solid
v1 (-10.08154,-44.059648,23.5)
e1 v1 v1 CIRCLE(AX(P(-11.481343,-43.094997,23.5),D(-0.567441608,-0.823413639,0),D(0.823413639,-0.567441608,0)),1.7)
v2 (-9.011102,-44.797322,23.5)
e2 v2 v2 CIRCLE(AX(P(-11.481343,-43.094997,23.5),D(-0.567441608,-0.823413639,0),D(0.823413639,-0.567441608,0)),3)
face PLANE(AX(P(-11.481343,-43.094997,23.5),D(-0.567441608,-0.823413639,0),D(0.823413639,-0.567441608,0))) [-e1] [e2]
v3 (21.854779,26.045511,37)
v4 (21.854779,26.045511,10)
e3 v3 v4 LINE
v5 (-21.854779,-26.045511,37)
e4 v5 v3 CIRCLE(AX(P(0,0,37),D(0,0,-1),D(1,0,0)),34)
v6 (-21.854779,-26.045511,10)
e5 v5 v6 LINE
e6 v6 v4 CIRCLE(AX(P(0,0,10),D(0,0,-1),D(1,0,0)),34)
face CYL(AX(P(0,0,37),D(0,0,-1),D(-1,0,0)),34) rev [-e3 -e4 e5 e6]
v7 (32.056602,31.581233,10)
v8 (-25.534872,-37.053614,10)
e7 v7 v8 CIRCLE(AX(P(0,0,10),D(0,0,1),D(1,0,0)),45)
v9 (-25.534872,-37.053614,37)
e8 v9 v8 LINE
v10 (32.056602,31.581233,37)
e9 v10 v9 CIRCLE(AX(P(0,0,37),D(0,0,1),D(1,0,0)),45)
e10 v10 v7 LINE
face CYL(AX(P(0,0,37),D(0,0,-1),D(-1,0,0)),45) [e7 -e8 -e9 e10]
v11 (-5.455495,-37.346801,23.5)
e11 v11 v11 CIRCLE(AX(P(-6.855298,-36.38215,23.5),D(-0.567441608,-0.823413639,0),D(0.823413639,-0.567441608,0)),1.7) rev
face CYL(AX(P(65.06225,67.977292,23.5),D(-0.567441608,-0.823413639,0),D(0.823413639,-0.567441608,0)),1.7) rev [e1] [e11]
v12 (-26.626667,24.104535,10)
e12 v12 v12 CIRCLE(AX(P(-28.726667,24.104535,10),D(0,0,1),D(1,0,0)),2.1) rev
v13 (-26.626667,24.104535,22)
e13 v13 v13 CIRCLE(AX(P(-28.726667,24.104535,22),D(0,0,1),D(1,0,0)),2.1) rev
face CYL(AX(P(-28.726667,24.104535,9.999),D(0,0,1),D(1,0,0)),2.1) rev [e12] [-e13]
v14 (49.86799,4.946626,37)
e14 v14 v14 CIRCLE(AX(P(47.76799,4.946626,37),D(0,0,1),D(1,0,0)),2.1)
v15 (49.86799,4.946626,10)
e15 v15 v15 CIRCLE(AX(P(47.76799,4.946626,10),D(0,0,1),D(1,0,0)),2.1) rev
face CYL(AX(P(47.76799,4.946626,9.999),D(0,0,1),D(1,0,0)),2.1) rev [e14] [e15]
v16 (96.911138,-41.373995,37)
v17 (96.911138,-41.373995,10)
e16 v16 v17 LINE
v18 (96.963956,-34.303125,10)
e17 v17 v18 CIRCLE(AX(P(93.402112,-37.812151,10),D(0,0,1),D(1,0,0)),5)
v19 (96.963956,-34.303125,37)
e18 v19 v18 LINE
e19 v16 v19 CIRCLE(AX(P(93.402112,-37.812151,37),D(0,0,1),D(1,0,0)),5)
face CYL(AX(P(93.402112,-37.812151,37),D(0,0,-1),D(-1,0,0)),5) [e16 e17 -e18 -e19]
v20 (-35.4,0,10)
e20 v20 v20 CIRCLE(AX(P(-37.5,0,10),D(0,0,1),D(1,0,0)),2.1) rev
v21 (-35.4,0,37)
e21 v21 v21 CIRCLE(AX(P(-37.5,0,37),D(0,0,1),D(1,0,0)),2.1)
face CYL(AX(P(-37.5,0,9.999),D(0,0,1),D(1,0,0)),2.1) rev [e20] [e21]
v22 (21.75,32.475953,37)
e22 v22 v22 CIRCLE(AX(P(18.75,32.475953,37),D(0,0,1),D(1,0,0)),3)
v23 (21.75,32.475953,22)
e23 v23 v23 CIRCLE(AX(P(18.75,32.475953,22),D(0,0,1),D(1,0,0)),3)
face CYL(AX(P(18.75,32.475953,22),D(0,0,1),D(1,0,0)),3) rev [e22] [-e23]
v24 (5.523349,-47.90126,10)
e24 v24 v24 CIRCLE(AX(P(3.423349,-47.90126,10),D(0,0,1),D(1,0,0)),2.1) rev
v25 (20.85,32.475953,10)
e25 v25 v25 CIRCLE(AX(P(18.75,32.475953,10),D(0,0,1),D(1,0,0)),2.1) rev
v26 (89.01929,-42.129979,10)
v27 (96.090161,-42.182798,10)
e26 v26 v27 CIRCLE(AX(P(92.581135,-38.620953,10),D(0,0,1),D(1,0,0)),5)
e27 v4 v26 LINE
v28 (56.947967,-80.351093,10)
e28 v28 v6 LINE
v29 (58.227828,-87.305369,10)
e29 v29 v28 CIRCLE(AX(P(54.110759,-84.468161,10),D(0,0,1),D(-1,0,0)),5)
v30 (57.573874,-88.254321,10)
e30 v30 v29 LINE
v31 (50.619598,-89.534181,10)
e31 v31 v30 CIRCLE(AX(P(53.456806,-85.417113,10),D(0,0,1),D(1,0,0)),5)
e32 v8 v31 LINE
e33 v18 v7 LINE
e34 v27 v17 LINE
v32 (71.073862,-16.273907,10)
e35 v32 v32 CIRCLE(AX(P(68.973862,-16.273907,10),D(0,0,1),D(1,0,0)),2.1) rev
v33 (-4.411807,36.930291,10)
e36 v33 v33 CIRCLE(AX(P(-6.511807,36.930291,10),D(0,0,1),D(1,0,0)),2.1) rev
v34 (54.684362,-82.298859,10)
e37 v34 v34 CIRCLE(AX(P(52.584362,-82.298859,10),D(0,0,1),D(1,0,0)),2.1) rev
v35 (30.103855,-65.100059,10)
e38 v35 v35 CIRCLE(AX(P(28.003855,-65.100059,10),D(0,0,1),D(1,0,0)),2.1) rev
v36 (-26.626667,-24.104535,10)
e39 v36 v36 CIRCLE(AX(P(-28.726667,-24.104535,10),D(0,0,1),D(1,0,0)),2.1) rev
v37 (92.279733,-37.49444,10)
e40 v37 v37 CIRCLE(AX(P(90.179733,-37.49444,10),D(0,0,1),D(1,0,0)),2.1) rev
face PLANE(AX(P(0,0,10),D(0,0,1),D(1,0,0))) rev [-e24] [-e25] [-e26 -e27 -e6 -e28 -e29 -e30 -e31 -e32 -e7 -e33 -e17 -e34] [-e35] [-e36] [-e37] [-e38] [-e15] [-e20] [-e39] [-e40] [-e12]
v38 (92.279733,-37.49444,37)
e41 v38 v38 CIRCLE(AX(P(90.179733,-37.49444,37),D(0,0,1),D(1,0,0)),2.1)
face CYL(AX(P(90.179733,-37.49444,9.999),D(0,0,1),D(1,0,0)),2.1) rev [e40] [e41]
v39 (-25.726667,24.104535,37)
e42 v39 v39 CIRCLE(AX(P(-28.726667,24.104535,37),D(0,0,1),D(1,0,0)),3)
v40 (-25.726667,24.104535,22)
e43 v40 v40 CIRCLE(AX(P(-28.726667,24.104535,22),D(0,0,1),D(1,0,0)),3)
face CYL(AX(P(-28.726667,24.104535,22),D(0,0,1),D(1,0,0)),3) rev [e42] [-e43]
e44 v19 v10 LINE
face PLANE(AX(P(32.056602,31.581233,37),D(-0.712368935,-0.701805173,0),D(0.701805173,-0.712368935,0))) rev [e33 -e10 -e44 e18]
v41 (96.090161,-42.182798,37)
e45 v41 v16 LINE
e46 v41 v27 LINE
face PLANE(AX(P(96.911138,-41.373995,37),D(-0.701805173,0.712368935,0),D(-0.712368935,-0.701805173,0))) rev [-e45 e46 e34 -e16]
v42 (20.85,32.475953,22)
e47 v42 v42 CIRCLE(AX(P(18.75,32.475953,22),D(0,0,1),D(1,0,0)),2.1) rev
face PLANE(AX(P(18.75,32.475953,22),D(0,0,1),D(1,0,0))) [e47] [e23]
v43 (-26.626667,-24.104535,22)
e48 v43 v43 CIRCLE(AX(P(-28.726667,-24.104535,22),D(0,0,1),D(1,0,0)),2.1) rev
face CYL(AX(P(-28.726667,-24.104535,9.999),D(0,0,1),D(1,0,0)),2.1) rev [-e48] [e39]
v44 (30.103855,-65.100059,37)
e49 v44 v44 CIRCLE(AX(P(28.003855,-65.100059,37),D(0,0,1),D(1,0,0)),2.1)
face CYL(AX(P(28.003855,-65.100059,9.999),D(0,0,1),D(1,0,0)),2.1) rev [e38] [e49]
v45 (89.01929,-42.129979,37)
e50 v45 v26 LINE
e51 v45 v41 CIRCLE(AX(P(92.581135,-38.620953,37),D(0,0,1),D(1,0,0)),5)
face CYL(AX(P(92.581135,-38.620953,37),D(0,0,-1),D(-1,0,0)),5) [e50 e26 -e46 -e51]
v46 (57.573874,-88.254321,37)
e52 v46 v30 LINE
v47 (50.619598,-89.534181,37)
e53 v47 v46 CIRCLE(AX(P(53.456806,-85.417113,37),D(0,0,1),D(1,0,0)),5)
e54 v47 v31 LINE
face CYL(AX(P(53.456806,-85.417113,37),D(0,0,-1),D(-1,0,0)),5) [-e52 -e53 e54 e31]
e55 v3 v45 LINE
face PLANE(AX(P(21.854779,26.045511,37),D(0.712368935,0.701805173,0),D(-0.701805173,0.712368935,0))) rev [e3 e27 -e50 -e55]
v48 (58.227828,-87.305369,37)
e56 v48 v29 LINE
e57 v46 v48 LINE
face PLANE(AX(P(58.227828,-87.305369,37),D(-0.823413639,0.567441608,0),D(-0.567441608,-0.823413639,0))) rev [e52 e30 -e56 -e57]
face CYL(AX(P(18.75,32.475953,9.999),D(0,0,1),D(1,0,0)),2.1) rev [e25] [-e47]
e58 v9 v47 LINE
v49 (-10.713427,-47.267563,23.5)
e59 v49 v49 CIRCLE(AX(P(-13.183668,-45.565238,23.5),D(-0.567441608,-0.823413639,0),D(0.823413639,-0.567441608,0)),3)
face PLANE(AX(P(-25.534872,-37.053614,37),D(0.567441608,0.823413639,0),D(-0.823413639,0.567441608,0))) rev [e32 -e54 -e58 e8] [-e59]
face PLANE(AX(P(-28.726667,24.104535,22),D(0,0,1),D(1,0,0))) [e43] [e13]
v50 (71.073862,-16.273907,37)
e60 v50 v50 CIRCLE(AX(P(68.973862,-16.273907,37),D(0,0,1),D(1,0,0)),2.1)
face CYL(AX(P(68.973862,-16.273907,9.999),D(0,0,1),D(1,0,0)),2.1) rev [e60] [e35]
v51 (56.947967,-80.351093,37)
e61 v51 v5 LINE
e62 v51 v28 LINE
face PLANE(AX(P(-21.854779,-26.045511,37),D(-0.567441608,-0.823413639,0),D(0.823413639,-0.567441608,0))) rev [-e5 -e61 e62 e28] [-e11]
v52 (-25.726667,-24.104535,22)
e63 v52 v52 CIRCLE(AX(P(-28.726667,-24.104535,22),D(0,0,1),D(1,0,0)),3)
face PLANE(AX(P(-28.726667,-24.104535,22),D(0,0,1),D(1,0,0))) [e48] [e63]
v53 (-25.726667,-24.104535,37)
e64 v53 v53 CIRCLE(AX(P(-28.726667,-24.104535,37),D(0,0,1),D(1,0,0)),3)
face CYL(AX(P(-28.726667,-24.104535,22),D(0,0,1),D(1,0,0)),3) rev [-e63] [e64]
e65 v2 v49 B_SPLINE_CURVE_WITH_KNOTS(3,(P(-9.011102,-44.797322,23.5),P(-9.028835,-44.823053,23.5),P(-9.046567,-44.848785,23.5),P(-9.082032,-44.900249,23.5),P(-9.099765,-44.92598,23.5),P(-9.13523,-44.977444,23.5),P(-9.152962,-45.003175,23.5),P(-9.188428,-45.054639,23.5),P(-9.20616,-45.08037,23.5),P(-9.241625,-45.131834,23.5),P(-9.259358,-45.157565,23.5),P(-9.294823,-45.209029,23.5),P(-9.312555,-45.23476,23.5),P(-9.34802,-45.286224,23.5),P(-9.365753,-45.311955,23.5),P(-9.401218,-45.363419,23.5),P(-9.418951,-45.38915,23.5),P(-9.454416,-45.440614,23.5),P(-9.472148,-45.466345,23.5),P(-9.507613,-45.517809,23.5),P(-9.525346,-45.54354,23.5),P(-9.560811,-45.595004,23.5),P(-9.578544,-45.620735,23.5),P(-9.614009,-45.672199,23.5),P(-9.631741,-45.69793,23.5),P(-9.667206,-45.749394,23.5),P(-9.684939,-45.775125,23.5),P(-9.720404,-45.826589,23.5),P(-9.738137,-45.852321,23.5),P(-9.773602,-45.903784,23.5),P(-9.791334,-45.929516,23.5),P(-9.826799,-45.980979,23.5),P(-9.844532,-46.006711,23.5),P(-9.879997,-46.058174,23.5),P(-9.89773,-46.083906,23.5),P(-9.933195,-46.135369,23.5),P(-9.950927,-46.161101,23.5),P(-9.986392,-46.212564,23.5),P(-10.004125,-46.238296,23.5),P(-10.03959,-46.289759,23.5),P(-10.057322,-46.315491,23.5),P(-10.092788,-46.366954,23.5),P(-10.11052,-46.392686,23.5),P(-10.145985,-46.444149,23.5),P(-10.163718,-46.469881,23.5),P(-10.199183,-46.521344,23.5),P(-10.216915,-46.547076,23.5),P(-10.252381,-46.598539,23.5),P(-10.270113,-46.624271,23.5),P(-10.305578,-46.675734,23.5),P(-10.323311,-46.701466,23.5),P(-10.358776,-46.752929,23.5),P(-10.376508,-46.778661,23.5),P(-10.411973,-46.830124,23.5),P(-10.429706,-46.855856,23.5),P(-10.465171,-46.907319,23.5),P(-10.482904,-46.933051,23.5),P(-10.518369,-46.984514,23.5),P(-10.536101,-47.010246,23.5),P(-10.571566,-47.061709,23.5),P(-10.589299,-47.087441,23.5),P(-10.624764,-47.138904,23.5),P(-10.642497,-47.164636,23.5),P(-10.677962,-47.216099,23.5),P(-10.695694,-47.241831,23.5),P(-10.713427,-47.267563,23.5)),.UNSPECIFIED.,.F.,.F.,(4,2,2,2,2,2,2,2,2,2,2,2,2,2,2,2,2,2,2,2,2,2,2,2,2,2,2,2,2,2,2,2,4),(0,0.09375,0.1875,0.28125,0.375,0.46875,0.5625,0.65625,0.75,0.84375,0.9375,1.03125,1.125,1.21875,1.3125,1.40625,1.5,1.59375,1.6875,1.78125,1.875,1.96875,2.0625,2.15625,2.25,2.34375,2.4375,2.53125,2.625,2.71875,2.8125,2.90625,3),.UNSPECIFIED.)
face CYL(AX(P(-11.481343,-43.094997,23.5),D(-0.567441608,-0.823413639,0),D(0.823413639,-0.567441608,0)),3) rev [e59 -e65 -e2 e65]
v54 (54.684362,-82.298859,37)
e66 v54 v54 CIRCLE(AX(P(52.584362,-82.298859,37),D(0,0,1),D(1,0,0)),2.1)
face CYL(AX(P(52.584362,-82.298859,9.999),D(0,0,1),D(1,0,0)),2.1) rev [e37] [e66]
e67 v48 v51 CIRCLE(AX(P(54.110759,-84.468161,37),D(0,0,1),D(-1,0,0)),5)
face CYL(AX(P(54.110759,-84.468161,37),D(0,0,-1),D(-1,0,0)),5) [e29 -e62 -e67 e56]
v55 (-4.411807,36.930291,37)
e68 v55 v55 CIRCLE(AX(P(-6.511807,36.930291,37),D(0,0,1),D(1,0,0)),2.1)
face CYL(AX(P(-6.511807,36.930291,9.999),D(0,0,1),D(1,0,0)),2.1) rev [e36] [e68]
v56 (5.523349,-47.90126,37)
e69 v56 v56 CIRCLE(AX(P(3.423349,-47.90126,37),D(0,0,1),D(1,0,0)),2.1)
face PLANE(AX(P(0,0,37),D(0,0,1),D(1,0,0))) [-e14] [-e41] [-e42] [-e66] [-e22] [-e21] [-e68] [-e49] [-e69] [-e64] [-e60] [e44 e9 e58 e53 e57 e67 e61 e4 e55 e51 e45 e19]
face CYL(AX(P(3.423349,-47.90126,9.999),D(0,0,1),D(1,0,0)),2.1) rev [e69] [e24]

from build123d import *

# Parameters (mm, degrees)
SKETCH1_R           = 1.6
BOSS_EXTRUDE1_DEPTH = 27
CUT_EXTRUDE1_REACH  = 138.335
SKETCH2_R           = 2.1
CUT_EXTRUDE2_REACH  = 155.174
SKETCH3_R           = 1.7
SKETCH3_3_R         = 3
SKETCH3_3_R_2       = 1.7
CUT_EXTRUDE3_DEPTH  = 3
SKETCH4_R           = 3
CUT_EXTRUDE4_DEPTH  = 15


with BuildPart() as part:
    # Sketch1 → Boss-Extrude1 (new body)
    with BuildSketch(Plane.XY.offset(10)):
        with BuildLine():
            Line((-25.534872354, -37.053613776), (50.619597549, -89.534180987))
            ThreePointArc((50.619597549, -89.534180987), (54.361803385, -90.334528675), (57.573873786, -88.254320829))
            Line((57.573873786, -88.254320829), (58.227827632, -87.305369414))
            ThreePointArc((58.227827632, -87.305369414), (59.02817532, -83.563163578), (56.947967474, -80.351093178))
            Line((56.947967474, -80.351093178), (-21.854778729, -26.045511066))
            ThreePointArc((-21.854778729, -26.045511066), (-26.045511066, 21.854778729), (21.854778729, 26.045511066))
            Line((21.854778729, 26.045511066), (89.019290298, -42.129978983))
            ThreePointArc((89.019290298, -42.129978983), (92.543786433, -43.620813626), (96.090160837, -42.182797794))
            Line((96.090160837, -42.182797794), (96.911137653, -41.373995292))
            ThreePointArc((96.911137653, -41.373995292), (98.401972296, -37.849499157), (96.963956464, -34.303124754))
            Line((96.963956464, -34.303124754), (32.056602073, 31.581232775))
            ThreePointArc((32.056602073, 31.581232775), (-34.47199994, 28.925442436), (-25.534872354, -37.053613776))
        make_face()
        with Locations((90.17973297, -37.494440018)):
            Circle(SKETCH1_R, mode=Mode.SUBTRACT)
        with Locations((68.973861607, -16.273907044)):
            Circle(SKETCH1_R, mode=Mode.SUBTRACT)
        with Locations((47.767990244, 4.946625931)):
            Circle(SKETCH1_R, mode=Mode.SUBTRACT)
        with Locations((18.75, 32.475952642)):
            Circle(SKETCH1_R, mode=Mode.SUBTRACT)
        with Locations((-6.511806663, 36.930290738)):
            Circle(SKETCH1_R, mode=Mode.SUBTRACT)
        with Locations((-28.726666617, 24.104535363)):
            Circle(SKETCH1_R, mode=Mode.SUBTRACT)
        with Locations((-37.5, 0)):
            Circle(SKETCH1_R, mode=Mode.SUBTRACT)
        with Locations((-28.726666617, -24.104535363)):
            Circle(SKETCH1_R, mode=Mode.SUBTRACT)
        with Locations((3.423348889, -47.901259716)):
            Circle(SKETCH1_R, mode=Mode.SUBTRACT)
        with Locations((28.003855203, -65.100059364)):
            Circle(SKETCH1_R, mode=Mode.SUBTRACT)
        with Locations((52.584361518, -82.298859012)):
            Circle(SKETCH1_R, mode=Mode.SUBTRACT)
    extrude(amount=BOSS_EXTRUDE1_DEPTH)

    # Sketch2 → Cut-Extrude1 (cut, up to next)
    with BuildSketch(Plane.XY.offset(37), mode=Mode.PRIVATE) as cut_extrude1_sk1:
        with Locations((52.584361518, -82.298859012)):
            Circle(SKETCH2_R)
    cut_extrude1_tool1 = extrude(cut_extrude1_sk1.sketch, amount=-CUT_EXTRUDE1_REACH, mode=Mode.PRIVATE) & part.part
    # Sketch2 → Cut-Extrude1 (cut, up to next)
    with BuildSketch(Plane.XY.offset(37), mode=Mode.PRIVATE) as cut_extrude1_sk2:
        with Locations((28.003855203, -65.100059364)):
            Circle(SKETCH2_R)
    cut_extrude1_tool2 = extrude(cut_extrude1_sk2.sketch, amount=-CUT_EXTRUDE1_REACH, mode=Mode.PRIVATE) & part.part
    # Sketch2 → Cut-Extrude1 (cut, up to next)
    with BuildSketch(Plane.XY.offset(37), mode=Mode.PRIVATE) as cut_extrude1_sk3:
        with Locations((3.423348889, -47.901259716)):
            Circle(SKETCH2_R)
    cut_extrude1_tool3 = extrude(cut_extrude1_sk3.sketch, amount=-CUT_EXTRUDE1_REACH, mode=Mode.PRIVATE) & part.part
    # Sketch2 → Cut-Extrude1 (cut, up to next)
    with BuildSketch(Plane.XY.offset(37), mode=Mode.PRIVATE) as cut_extrude1_sk4:
        with Locations((-28.726666617, -24.104535363)):
            Circle(SKETCH2_R)
    cut_extrude1_tool4 = extrude(cut_extrude1_sk4.sketch, amount=-CUT_EXTRUDE1_REACH, mode=Mode.PRIVATE) & part.part
    # Sketch2 → Cut-Extrude1 (cut, up to next)
    with BuildSketch(Plane.XY.offset(37), mode=Mode.PRIVATE) as cut_extrude1_sk5:
        with Locations((-37.5, 0)):
            Circle(SKETCH2_R)
    cut_extrude1_tool5 = extrude(cut_extrude1_sk5.sketch, amount=-CUT_EXTRUDE1_REACH, mode=Mode.PRIVATE) & part.part
    # Sketch2 → Cut-Extrude1 (cut, up to next)
    with BuildSketch(Plane.XY.offset(37), mode=Mode.PRIVATE) as cut_extrude1_sk6:
        with Locations((-28.726666617, 24.104535363)):
            Circle(SKETCH2_R)
    cut_extrude1_tool6 = extrude(cut_extrude1_sk6.sketch, amount=-CUT_EXTRUDE1_REACH, mode=Mode.PRIVATE) & part.part
    # Sketch2 → Cut-Extrude1 (cut, up to next)
    with BuildSketch(Plane.XY.offset(37), mode=Mode.PRIVATE) as cut_extrude1_sk7:
        with Locations((-6.511806663, 36.930290738)):
            Circle(SKETCH2_R)
    cut_extrude1_tool7 = extrude(cut_extrude1_sk7.sketch, amount=-CUT_EXTRUDE1_REACH, mode=Mode.PRIVATE) & part.part
    # Sketch2 → Cut-Extrude1 (cut, up to next)
    with BuildSketch(Plane.XY.offset(37), mode=Mode.PRIVATE) as cut_extrude1_sk8:
        with Locations((18.75, 32.475952642)):
            Circle(SKETCH2_R)
    cut_extrude1_tool8 = extrude(cut_extrude1_sk8.sketch, amount=-CUT_EXTRUDE1_REACH, mode=Mode.PRIVATE) & part.part
    # Sketch2 → Cut-Extrude1 (cut, up to next)
    with BuildSketch(Plane.XY.offset(37), mode=Mode.PRIVATE) as cut_extrude1_sk9:
        with Locations((47.767990244, 4.946625931)):
            Circle(SKETCH2_R)
    cut_extrude1_tool9 = extrude(cut_extrude1_sk9.sketch, amount=-CUT_EXTRUDE1_REACH, mode=Mode.PRIVATE) & part.part
    # Sketch2 → Cut-Extrude1 (cut, up to next)
    with BuildSketch(Plane.XY.offset(37), mode=Mode.PRIVATE) as cut_extrude1_sk10:
        with Locations((68.973861607, -16.273907044)):
            Circle(SKETCH2_R)
    cut_extrude1_tool10 = extrude(cut_extrude1_sk10.sketch, amount=-CUT_EXTRUDE1_REACH, mode=Mode.PRIVATE) & part.part
    # Sketch2 → Cut-Extrude1 (cut, up to next)
    with BuildSketch(Plane.XY.offset(37), mode=Mode.PRIVATE) as cut_extrude1_sk11:
        with Locations((90.17973297, -37.494440018)):
            Circle(SKETCH2_R)
    cut_extrude1_tool11 = extrude(cut_extrude1_sk11.sketch, amount=-CUT_EXTRUDE1_REACH, mode=Mode.PRIVATE) & part.part
    add(cut_extrude1_tool1.solids().sort_by_distance((52.584362, -82.298859, 37))[0], mode=Mode.SUBTRACT)
    add(cut_extrude1_tool2.solids().sort_by_distance((28.003855, -65.100059, 37))[0], mode=Mode.SUBTRACT)
    add(cut_extrude1_tool3.solids().sort_by_distance((3.423349, -47.90126, 37))[0], mode=Mode.SUBTRACT)
    add(cut_extrude1_tool4.solids().sort_by_distance((-28.726667, -24.104535, 37))[0], mode=Mode.SUBTRACT)
    add(cut_extrude1_tool5.solids().sort_by_distance((-37.5, 0, 37))[0], mode=Mode.SUBTRACT)
    add(cut_extrude1_tool6.solids().sort_by_distance((-28.726667, 24.104535, 37))[0], mode=Mode.SUBTRACT)
    add(cut_extrude1_tool7.solids().sort_by_distance((-6.511807, 36.930291, 37))[0], mode=Mode.SUBTRACT)
    add(cut_extrude1_tool8.solids().sort_by_distance((18.75, 32.475953, 37))[0], mode=Mode.SUBTRACT)
    add(cut_extrude1_tool9.solids().sort_by_distance((47.76799, 4.946626, 37))[0], mode=Mode.SUBTRACT)
    add(cut_extrude1_tool10.solids().sort_by_distance((68.973862, -16.273907, 37))[0], mode=Mode.SUBTRACT)
    add(cut_extrude1_tool11.solids().sort_by_distance((90.179733, -37.49444, 37))[0], mode=Mode.SUBTRACT)

    # Sketch3 → Cut-Extrude2 (cut, up to next)
    with BuildSketch(Plane(origin=(-25.534872354, -37.053613776, 0), x_dir=(0.823413639467006, -0.567441607867893, 0), z_dir=(-0.5674416078678929, -0.8234136394670059, 0)), mode=Mode.PRIVATE) as cut_extrude2_sk1:
        with Locations((15, 23.5)):
            Circle(SKETCH3_R)
    cut_extrude2_tool1 = extrude(cut_extrude2_sk1.sketch, amount=-CUT_EXTRUDE2_REACH, mode=Mode.PRIVATE) & part.part
    add(cut_extrude2_tool1.solids().sort_by_distance((-13.183668, -45.565238, 23.5))[0], mode=Mode.SUBTRACT)

    # Sketch3<3> → Cut-Extrude3 (cut)
    with BuildSketch(Plane(origin=(-25.534872354, -37.053613776, 0), x_dir=(0.823413639467006, -0.567441607867893, 0), z_dir=(-0.5674416078678929, -0.8234136394670059, 0))):
        with Locations((15, 23.5)):
            Circle(SKETCH3_3_R)
        with Locations((15, 23.5)):
            Circle(SKETCH3_3_R_2, mode=Mode.SUBTRACT)
    extrude(amount=-CUT_EXTRUDE3_DEPTH, mode=Mode.SUBTRACT)

    # Sketch4 → Cut-Extrude4 (cut)
    with BuildSketch(Plane.XY.offset(37)):
        with Locations((18.75, 32.475952642)):
            Circle(SKETCH4_R)
        with Locations((-28.726666617, 24.104535363)):
            Circle(SKETCH4_R)
        with Locations((-28.726666617, -24.104535363)):
            Circle(SKETCH4_R)
    extrude(amount=-CUT_EXTRUDE4_DEPTH, mode=Mode.SUBTRACT)


solid = part.part
